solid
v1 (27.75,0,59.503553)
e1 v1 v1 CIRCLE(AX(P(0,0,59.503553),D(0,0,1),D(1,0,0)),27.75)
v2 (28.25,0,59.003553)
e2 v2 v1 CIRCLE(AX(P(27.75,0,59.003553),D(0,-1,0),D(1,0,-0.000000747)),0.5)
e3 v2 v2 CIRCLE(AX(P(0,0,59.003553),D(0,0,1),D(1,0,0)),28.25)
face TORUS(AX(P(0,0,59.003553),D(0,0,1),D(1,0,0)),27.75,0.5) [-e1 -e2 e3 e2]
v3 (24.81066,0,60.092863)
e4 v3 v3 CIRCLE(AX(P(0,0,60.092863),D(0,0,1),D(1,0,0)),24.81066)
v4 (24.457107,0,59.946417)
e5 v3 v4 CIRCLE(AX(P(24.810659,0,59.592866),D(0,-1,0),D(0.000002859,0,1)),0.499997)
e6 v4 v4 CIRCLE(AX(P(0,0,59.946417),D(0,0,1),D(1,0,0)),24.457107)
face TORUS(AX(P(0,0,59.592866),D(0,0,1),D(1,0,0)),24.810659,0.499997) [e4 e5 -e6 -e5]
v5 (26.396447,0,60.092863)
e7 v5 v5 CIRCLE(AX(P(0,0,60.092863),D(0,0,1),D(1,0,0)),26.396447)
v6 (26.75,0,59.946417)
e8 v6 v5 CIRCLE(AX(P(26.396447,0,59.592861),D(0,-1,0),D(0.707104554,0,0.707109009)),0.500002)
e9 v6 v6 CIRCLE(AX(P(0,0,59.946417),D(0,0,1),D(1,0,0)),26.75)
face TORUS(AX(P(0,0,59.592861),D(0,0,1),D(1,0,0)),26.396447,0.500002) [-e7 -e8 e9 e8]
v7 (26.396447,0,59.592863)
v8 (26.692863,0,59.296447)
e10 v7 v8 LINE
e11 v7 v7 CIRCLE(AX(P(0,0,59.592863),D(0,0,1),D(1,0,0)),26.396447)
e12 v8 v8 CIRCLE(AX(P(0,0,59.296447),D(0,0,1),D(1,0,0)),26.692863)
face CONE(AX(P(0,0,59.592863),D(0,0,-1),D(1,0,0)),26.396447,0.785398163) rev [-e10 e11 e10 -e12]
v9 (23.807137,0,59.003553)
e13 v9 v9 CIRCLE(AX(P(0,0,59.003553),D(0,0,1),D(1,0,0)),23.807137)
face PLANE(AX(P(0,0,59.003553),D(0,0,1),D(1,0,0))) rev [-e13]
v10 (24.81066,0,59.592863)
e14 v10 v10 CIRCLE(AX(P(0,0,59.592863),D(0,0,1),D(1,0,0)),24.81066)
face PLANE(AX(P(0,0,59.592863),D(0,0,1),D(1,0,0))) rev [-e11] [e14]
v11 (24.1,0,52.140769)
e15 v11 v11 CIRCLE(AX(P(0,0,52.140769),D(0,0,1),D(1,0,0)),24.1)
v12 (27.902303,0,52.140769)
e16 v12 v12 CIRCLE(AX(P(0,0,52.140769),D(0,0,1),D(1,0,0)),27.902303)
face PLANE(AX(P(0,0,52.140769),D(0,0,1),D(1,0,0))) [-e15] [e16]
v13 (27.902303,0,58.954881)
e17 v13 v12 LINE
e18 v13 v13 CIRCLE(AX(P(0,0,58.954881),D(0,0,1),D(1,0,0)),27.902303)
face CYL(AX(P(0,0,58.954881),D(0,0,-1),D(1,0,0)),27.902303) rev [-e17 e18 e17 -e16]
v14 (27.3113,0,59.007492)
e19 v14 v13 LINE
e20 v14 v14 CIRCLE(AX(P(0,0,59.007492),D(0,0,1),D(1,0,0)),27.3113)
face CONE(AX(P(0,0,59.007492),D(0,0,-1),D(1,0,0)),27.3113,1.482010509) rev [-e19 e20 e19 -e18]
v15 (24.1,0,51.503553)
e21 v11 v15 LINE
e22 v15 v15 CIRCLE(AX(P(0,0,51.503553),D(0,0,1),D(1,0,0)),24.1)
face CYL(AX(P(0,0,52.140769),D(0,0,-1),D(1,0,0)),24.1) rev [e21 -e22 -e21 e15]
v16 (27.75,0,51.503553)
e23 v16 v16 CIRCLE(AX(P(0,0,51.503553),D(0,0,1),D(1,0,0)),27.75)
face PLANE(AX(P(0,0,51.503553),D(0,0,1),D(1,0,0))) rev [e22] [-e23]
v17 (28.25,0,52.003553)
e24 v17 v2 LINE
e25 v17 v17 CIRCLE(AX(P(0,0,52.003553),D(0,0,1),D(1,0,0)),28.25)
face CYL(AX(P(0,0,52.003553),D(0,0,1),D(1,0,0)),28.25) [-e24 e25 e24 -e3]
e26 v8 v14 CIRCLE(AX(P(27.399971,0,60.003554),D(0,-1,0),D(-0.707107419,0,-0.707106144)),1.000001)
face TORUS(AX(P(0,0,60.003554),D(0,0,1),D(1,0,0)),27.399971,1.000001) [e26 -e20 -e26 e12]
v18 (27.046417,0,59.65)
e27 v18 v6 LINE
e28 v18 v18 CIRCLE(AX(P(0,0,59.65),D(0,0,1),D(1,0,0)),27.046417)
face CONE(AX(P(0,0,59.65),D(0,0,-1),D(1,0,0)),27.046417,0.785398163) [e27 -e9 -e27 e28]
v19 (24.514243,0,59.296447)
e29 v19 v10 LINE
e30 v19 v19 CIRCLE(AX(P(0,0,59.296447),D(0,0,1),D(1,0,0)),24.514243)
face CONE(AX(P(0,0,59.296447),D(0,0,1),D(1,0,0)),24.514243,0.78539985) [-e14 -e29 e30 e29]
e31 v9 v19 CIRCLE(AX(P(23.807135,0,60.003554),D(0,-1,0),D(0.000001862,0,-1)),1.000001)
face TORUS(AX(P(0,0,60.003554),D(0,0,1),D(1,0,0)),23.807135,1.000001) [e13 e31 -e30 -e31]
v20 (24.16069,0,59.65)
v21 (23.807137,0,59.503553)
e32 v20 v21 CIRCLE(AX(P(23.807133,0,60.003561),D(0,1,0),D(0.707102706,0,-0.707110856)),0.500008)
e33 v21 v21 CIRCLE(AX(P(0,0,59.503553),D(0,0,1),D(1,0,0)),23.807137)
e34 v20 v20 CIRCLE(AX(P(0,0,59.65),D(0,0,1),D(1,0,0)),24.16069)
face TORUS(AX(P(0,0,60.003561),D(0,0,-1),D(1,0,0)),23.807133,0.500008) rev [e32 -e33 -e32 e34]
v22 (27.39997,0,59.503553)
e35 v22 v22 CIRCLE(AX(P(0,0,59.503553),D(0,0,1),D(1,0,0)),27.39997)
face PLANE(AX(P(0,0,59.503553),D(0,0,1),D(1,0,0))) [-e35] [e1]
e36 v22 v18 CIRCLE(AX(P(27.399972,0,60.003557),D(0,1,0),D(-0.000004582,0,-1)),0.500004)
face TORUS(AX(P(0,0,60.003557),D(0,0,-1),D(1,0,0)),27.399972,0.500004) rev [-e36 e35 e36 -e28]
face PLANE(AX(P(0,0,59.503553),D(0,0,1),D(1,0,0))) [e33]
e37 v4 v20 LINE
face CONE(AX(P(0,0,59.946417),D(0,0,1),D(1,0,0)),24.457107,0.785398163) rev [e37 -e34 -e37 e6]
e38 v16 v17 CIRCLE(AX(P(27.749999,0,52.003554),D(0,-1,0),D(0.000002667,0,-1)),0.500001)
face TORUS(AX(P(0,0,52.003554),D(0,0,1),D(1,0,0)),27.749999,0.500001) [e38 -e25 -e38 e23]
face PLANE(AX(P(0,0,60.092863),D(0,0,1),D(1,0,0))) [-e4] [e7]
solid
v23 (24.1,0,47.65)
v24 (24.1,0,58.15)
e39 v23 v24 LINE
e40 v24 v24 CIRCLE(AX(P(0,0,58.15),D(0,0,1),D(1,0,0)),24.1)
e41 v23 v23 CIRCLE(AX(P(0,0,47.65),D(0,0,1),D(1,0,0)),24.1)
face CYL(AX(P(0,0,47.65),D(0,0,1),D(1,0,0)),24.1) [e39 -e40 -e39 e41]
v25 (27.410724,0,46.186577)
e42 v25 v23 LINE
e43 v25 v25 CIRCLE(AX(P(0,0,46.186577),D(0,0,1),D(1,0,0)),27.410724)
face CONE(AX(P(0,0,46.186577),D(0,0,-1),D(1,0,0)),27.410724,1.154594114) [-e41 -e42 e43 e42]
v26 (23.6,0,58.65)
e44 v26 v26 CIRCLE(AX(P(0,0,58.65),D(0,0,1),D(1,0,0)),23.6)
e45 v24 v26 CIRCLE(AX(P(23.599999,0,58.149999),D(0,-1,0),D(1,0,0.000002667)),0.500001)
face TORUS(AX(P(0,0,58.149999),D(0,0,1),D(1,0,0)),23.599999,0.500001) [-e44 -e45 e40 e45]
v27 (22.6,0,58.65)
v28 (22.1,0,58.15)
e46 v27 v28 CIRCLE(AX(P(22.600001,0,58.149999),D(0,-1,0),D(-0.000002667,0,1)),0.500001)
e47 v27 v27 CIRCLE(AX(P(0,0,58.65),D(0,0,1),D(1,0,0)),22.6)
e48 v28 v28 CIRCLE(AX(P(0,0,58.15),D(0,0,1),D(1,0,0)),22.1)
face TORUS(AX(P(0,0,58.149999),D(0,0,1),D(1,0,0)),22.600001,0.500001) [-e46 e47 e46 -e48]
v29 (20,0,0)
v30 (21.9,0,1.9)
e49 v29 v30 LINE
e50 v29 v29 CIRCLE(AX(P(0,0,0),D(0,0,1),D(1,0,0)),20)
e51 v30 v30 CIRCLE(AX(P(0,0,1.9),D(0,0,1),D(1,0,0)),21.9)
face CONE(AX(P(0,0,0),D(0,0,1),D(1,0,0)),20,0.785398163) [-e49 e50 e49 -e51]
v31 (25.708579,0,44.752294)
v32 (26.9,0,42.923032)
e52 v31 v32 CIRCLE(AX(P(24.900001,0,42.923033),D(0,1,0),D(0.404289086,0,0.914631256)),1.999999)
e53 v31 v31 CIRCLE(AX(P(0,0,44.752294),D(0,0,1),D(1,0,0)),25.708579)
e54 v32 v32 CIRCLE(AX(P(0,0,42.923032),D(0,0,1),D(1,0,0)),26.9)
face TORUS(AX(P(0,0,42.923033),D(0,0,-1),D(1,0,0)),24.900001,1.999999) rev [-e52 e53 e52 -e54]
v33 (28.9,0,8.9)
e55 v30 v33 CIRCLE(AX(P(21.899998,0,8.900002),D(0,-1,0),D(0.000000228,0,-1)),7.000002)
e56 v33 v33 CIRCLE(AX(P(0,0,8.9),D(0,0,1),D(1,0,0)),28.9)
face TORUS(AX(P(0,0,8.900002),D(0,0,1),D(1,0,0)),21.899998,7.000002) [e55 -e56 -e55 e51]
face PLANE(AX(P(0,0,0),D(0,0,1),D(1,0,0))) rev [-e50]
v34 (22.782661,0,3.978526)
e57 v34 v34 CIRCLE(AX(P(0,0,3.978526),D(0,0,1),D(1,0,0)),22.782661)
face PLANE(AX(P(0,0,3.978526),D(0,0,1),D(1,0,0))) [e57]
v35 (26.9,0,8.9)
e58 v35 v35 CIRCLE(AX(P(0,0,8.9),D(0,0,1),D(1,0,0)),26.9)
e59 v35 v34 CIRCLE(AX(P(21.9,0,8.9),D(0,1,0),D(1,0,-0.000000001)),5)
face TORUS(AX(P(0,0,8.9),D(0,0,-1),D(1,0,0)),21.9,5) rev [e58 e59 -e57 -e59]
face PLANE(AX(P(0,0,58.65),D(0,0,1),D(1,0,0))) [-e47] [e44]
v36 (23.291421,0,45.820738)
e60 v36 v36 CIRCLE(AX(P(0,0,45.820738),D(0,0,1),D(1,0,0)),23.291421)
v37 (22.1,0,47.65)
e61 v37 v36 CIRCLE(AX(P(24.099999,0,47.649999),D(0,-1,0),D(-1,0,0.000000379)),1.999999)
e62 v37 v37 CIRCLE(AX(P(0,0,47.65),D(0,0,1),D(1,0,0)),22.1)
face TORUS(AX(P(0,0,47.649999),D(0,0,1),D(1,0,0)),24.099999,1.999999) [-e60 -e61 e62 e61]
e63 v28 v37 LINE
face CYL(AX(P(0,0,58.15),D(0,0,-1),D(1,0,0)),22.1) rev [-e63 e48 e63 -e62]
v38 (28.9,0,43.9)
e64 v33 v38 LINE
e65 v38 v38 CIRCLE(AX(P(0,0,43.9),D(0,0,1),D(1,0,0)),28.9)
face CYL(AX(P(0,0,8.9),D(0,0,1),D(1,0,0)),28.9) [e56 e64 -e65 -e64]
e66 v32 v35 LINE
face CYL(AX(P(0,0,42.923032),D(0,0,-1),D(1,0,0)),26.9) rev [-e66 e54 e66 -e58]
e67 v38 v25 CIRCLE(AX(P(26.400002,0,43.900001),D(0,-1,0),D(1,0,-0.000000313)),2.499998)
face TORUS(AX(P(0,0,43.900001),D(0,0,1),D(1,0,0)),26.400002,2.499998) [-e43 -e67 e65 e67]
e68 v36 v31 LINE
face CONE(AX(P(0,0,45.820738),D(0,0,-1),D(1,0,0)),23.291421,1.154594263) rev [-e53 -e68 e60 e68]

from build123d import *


with BuildPart() as f2:
    # F1 (on Front) → F2 (revolve)
    with BuildSketch(Plane.XZ):
        with BuildLine():
            Line((24.1, 52.140769), (24.1, 51.503553))
            Line((24.1, 51.503553), (27.75, 51.503553))
            ThreePointArc((27.75, 51.503553), (28.103553, 51.65), (28.25, 52.003553))
            Line((28.25, 52.003553), (28.25, 59.003553))
            ThreePointArc((28.25, 59.003553), (28.103553, 59.357107), (27.75, 59.503553))
            Line((27.75, 59.503553), (27.39997, 59.503553))
            ThreePointArc((27.39997, 59.503553), (27.208628, 59.541614), (27.046417, 59.65))
            Line((27.046417, 59.65), (26.75, 59.946417))
            ThreePointArc((26.75, 59.946417), (26.587788, 60.054803), (26.396447, 60.092863))
            Line((26.396447, 60.092863), (24.81066, 60.092863))
            ThreePointArc((24.81066, 60.092863), (24.619318, 60.054803), (24.457107, 59.946417))
            Line((24.457107, 59.946417), (24.16069, 59.65))
            ThreePointArc((24.16069, 59.65), (23.998478, 59.541614), (23.807137, 59.503553))
            Line((23.807137, 59.503553), (0, 59.503553))
            Line((0, 59.503553), (0, 59.003553))
            Line((0, 59.003553), (23.807137, 59.003553))
            ThreePointArc((23.807137, 59.003553), (24.18982, 59.079674), (24.514243, 59.296447))
            Line((24.514243, 59.296447), (24.81066, 59.592863))
            Line((24.81066, 59.592863), (26.396447, 59.592863))
            Line((26.396447, 59.592863), (26.692863, 59.296447))
            ThreePointArc((26.692863, 59.296447), (26.976663, 59.097567), (27.3113, 59.007492))
            Line((27.3113, 59.007492), (27.902303, 58.954881))
            Line((27.902303, 58.954881), (27.902303, 52.140769))
            Line((27.902303, 52.140769), (24.1, 52.140769))
        make_face()
    revolve(axis=Axis((0, 0, 27.955929), (0, 0, 1)))


with BuildPart() as f3:
    # F0 (on Front) → F3 (revolve)
    with BuildSketch(Plane.XZ):
        with BuildLine():
            Line((0, 3.978526), (0, 0))
            Line((0, 0), (20, 0))
            Line((20, 0), (21.9, 1.9))
            ThreePointArc((21.9, 1.9), (26.849747, 3.950253), (28.9, 8.9))
            Line((28.9, 8.9), (28.9, 43.9))
            ThreePointArc((28.9, 43.9), (28.494852, 45.264403), (27.410724, 46.186577))
            Line((27.410724, 46.186577), (24.1, 47.65))
            Line((24.1, 47.65), (24.1, 58.15))
            ThreePointArc((24.1, 58.15), (23.953553, 58.503553), (23.6, 58.65))
            Line((23.6, 58.65), (22.6, 58.65))
            ThreePointArc((22.6, 58.65), (22.246447, 58.503553), (22.1, 58.15))
            Line((22.1, 58.15), (22.1, 47.65))
            ThreePointArc((22.1, 47.65), (22.424118, 46.558478), (23.291421, 45.820738))
            Line((23.291421, 45.820738), (25.708579, 44.752294))
            ThreePointArc((25.708579, 44.752294), (26.575882, 44.014554), (26.9, 42.923032))
            Line((26.9, 42.923032), (26.9, 8.9))
            ThreePointArc((26.9, 8.9), (25.734925, 5.691675), (22.782661, 3.978526))
            Line((22.782661, 3.978526), (0, 3.978526))
        make_face()
    revolve(axis=Axis((0, 0, 27.955929), (0, 0, 1)))


solid = Compound([f2.part, f3.part])
